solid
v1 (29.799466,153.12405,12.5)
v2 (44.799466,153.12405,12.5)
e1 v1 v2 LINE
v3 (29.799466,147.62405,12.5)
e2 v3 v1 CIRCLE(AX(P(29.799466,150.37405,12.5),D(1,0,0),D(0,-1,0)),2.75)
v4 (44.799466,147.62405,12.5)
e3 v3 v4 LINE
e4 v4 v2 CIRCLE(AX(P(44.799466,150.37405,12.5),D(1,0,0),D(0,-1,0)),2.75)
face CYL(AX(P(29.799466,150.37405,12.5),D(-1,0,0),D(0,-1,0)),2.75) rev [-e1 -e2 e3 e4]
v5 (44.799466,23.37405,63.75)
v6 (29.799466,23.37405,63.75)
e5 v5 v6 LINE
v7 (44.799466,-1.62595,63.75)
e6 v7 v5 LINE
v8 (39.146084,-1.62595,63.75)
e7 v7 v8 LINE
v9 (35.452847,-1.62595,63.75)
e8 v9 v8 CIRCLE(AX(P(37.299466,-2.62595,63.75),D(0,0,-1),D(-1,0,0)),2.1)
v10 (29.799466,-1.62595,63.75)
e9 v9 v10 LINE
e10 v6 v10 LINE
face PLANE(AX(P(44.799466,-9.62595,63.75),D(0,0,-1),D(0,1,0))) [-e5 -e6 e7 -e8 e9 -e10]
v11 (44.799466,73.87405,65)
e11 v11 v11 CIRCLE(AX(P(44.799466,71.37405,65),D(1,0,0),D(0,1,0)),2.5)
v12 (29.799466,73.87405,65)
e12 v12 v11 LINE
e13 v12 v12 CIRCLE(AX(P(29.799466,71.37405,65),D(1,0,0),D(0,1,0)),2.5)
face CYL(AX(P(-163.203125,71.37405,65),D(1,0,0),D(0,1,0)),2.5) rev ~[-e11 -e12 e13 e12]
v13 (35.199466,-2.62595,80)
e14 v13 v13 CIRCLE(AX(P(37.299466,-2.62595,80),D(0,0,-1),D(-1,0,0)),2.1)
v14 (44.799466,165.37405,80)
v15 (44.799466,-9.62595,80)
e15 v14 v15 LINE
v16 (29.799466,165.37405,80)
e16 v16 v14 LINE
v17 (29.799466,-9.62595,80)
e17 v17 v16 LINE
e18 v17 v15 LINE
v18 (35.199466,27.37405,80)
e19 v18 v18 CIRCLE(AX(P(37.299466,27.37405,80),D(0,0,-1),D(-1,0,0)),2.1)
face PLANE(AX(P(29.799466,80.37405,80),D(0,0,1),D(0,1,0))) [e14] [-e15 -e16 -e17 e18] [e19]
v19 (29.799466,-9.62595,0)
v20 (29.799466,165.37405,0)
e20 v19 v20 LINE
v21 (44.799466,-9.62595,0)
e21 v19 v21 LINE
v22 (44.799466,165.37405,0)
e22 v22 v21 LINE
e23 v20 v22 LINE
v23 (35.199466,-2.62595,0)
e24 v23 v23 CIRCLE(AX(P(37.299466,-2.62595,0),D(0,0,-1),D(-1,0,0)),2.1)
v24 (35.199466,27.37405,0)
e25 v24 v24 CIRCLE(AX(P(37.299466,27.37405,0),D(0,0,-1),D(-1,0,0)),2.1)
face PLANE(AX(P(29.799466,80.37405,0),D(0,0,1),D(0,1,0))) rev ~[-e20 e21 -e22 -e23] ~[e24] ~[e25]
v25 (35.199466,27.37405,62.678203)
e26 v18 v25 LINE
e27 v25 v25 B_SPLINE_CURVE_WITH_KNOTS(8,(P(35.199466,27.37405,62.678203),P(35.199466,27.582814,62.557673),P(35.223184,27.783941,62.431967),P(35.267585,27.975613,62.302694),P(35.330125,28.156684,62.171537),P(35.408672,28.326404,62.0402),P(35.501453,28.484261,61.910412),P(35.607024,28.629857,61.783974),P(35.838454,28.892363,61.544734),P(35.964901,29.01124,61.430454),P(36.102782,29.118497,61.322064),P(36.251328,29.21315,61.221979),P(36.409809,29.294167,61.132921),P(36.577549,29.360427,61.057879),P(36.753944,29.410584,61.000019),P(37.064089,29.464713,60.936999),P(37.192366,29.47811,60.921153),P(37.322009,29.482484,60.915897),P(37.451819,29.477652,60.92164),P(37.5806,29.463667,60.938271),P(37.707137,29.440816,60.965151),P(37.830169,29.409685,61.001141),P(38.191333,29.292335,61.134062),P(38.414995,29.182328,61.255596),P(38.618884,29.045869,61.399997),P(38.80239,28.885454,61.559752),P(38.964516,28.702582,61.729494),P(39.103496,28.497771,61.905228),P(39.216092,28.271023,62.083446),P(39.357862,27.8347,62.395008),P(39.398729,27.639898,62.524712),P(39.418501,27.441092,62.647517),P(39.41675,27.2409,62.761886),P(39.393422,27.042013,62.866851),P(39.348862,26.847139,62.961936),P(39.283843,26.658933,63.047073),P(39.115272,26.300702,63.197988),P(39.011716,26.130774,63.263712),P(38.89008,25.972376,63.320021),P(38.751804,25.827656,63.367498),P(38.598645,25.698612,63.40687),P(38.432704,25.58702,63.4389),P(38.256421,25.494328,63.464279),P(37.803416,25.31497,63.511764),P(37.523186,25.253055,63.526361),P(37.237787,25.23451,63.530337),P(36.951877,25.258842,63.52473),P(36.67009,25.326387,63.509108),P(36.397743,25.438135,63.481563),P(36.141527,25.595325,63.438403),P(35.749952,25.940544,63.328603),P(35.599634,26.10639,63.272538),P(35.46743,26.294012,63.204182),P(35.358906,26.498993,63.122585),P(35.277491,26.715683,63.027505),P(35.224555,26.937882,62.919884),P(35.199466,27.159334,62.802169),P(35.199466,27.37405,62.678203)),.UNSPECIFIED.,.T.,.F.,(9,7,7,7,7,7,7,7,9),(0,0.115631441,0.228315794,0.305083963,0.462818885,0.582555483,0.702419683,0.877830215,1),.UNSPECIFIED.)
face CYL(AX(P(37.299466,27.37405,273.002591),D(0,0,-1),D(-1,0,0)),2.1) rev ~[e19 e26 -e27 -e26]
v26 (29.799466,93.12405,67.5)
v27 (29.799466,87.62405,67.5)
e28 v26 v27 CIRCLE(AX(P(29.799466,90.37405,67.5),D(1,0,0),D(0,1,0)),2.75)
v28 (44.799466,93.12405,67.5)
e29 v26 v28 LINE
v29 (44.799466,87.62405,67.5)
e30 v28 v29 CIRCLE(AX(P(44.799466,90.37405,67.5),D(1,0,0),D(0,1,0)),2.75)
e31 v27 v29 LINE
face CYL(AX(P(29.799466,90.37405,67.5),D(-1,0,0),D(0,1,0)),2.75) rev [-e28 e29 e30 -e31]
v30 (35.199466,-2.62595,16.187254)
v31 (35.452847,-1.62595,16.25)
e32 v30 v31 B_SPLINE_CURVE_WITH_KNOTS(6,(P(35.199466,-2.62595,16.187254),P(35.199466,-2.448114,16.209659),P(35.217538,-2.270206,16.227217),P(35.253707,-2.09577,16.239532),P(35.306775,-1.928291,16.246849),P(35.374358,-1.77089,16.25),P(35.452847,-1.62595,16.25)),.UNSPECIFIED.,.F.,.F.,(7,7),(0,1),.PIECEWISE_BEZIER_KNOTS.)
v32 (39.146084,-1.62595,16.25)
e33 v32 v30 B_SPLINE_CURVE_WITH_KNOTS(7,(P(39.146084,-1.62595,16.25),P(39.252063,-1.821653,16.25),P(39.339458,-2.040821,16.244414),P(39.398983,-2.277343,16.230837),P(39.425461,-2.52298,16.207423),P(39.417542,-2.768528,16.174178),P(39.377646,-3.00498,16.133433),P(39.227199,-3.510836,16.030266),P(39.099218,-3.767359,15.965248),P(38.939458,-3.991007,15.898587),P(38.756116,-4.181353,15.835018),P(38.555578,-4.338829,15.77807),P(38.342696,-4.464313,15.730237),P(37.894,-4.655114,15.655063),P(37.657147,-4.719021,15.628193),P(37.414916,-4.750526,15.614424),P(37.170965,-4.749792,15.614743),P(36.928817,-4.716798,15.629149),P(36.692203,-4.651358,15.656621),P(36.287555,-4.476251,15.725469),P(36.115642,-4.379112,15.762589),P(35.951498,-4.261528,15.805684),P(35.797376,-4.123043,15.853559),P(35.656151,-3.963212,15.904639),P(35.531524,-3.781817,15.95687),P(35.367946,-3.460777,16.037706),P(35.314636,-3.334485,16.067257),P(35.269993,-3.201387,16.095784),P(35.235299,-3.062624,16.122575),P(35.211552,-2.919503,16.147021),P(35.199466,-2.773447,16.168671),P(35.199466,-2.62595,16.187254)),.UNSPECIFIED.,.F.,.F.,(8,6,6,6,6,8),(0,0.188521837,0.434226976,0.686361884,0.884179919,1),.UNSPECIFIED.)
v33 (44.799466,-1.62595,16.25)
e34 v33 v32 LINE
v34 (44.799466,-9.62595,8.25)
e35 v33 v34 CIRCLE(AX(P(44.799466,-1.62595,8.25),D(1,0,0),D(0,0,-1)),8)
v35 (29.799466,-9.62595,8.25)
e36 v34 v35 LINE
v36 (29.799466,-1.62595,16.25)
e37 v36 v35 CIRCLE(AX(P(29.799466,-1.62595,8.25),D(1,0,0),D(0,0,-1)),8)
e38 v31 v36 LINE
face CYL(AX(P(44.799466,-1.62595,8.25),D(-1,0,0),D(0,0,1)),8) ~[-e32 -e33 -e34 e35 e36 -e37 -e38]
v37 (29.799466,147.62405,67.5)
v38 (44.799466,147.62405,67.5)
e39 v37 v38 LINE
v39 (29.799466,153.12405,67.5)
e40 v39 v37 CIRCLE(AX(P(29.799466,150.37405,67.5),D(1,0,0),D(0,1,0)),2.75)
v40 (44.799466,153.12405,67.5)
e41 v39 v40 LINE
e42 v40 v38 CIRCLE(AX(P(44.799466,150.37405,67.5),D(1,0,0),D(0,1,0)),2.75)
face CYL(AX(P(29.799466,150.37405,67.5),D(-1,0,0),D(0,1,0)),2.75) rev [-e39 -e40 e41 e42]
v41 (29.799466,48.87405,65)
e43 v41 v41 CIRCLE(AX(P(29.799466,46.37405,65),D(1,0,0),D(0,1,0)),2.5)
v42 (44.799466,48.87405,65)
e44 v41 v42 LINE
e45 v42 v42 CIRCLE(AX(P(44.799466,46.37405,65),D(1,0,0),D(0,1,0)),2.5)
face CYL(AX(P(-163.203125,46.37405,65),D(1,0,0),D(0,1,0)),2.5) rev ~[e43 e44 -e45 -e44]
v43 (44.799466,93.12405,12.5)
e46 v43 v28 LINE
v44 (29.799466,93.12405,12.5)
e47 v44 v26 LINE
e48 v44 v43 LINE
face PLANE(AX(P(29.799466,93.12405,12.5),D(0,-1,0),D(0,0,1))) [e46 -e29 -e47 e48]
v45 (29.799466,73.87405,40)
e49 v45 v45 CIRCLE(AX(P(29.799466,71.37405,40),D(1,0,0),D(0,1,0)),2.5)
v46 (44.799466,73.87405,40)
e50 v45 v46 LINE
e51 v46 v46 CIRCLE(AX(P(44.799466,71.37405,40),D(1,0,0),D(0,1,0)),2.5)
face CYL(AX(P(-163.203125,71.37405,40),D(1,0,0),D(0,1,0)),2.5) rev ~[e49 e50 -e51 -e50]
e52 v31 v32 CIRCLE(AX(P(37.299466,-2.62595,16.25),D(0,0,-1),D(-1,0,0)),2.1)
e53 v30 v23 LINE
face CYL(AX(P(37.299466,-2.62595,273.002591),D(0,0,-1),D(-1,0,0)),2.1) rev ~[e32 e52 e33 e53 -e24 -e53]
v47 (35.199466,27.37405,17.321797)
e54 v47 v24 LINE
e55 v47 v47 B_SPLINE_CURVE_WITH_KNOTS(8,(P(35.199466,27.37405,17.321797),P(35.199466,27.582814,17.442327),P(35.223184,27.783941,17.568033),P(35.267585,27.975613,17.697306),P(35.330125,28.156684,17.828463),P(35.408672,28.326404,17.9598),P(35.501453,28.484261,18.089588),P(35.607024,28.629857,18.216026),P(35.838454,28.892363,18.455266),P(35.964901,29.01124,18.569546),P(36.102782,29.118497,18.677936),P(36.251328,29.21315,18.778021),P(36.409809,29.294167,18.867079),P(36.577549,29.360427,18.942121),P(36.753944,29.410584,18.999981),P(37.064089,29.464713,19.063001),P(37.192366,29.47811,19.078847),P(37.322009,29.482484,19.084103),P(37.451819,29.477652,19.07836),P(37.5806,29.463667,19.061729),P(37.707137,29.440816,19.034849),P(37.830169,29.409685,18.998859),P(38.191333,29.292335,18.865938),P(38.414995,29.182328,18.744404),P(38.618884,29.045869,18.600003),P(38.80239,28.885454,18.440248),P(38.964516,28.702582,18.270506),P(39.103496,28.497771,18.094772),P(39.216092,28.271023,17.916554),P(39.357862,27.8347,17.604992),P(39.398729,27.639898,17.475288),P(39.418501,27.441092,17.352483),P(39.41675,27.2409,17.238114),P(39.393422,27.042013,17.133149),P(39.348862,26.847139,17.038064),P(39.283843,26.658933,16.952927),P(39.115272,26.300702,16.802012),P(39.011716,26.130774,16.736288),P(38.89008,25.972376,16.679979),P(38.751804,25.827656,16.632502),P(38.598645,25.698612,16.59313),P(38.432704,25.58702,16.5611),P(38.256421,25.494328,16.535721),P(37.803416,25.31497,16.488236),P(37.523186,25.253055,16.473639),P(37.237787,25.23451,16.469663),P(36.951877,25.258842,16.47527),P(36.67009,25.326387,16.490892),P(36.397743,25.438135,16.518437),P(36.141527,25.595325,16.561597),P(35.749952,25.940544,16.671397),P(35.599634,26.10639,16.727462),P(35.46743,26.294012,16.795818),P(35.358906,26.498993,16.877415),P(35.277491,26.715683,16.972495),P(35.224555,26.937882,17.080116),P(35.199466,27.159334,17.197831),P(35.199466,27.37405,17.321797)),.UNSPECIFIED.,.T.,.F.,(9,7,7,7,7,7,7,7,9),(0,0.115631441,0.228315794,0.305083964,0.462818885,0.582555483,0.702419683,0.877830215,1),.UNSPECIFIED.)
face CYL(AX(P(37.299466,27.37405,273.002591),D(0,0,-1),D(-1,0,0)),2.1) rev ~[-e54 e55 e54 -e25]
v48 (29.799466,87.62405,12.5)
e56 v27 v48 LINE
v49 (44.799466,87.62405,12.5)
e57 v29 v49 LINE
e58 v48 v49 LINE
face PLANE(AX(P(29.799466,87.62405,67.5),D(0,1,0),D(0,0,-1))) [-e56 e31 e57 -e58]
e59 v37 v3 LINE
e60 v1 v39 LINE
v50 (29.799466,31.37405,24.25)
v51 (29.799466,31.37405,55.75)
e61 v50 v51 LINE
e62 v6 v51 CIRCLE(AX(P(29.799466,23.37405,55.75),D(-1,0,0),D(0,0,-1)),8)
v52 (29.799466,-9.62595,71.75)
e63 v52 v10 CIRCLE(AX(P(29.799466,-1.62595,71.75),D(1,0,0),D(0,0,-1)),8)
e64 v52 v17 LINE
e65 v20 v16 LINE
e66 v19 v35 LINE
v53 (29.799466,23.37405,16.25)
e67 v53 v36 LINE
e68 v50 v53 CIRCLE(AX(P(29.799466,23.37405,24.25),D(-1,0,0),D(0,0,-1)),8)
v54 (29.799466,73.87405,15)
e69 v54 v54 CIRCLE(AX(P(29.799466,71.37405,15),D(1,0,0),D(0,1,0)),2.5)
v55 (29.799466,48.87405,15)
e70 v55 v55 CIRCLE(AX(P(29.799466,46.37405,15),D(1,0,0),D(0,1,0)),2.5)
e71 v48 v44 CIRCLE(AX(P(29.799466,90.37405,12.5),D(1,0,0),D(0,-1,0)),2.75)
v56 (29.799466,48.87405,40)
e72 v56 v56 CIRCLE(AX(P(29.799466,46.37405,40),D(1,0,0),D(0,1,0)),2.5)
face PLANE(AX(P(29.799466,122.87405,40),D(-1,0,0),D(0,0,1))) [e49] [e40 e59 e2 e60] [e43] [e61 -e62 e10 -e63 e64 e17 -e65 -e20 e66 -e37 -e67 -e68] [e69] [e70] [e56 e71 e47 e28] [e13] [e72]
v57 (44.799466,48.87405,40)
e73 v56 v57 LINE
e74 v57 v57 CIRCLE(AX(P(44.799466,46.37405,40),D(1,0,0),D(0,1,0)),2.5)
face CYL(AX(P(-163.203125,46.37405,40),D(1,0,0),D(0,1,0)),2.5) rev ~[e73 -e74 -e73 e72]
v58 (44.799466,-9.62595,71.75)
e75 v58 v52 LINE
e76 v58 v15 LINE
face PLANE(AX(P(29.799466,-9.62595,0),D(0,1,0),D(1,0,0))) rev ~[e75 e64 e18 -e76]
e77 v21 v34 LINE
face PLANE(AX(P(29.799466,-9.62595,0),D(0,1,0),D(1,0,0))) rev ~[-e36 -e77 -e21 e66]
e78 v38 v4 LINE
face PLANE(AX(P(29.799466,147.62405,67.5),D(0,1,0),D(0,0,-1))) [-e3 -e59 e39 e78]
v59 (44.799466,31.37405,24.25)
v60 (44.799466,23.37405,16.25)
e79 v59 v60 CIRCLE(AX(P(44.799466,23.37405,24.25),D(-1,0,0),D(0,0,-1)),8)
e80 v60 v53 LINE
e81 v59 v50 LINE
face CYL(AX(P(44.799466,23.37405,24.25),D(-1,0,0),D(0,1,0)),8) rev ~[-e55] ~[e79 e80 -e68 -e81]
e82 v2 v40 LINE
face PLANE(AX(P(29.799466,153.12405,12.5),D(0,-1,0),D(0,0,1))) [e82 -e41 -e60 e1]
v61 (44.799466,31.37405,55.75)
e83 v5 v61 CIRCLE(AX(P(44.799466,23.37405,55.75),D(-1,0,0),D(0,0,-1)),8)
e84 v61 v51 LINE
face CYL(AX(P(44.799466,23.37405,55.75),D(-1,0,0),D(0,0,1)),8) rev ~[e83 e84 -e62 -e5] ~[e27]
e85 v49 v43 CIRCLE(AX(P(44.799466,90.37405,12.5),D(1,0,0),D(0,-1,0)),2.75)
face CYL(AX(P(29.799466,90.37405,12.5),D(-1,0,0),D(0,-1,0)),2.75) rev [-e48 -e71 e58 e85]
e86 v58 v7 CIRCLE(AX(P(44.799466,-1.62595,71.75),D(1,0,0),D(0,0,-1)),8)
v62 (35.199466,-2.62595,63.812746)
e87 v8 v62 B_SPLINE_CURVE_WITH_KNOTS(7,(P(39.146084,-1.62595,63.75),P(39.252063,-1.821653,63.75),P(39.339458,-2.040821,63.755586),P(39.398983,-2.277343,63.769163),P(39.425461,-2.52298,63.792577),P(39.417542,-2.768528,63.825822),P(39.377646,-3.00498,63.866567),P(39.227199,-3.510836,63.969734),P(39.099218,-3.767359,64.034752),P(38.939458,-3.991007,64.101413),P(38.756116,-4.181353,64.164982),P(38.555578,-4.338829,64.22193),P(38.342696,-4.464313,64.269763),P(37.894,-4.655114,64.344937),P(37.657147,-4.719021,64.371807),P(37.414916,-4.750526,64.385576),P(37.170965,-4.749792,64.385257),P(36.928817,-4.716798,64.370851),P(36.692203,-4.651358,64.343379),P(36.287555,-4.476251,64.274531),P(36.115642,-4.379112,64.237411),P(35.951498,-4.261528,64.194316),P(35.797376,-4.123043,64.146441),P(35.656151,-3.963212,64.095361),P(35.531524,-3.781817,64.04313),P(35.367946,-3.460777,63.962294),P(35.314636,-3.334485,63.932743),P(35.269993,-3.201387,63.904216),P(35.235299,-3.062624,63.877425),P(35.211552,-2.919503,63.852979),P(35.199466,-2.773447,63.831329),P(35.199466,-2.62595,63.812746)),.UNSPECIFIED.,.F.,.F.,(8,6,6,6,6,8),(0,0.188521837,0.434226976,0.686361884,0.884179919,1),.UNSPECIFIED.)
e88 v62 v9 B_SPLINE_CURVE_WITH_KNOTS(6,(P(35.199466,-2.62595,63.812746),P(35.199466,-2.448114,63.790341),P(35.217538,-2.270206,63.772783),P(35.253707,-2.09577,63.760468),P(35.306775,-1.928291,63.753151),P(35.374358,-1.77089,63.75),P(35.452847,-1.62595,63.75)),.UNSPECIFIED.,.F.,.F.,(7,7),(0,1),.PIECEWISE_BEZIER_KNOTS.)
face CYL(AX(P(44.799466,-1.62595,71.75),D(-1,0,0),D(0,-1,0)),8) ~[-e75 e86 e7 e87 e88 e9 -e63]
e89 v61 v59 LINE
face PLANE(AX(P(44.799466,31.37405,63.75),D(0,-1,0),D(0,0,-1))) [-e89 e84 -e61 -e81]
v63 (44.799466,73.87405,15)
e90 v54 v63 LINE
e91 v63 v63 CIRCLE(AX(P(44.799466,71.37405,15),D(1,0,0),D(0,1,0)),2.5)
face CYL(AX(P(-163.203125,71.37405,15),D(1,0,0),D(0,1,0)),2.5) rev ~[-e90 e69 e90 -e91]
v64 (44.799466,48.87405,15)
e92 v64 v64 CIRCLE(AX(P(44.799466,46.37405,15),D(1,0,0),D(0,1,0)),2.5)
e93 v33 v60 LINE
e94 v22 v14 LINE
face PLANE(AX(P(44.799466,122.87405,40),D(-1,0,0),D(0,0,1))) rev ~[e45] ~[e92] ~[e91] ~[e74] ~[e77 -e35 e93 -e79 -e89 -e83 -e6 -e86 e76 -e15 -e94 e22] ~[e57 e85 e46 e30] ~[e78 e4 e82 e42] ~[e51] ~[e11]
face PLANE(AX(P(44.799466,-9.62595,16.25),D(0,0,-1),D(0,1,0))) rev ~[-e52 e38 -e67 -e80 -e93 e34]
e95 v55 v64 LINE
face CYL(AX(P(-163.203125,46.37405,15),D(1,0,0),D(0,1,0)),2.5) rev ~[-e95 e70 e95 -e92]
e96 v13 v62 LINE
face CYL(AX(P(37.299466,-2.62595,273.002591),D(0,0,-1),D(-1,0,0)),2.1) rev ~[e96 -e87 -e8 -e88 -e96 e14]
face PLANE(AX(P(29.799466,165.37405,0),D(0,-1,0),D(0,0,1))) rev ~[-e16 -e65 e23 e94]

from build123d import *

# Parameters (mm, degrees)
ESQUISSE1_W                   = 15
ESQUISSE1_H                   = 90
BOSS_EXTRU_1_DEPTH            = 80
ESQUISSE2_W                   = 47.5
ESQUISSE2_H                   = 41
ENL_V_MAT_EXTRU_1_DEPTH       = 115.38963181
CONG_1_R                      = 8
ESQUISSE3_W                   = 80
ESQUISSE3_H                   = 85
BOSS_EXTRU_2_DEPTH            = 15
TROU_TARAUD_M5X0_81_D         = 4.2
TROU_TARAUD_PROFOND_M6X1_01_D = 5
R_P_TITION_LIN_AIRE1_COUNT    = 2
R_P_TITION_LIN_AIRE1_PITCH    = 25


with BuildPart() as part:
    # Esquisse1 → Boss.-Extru.1 (new body)
    with BuildSketch(Plane.XY):
        with Locations((37.299465669, 35.374049703)):
            Rectangle(ESQUISSE1_W, ESQUISSE1_H)
    extrude(amount=BOSS_EXTRU_1_DEPTH)

    # Esquisse2 → Enlèv. mat.-Extru.1 (cut, through all)
    with BuildSketch(Plane(origin=(44.799465669, 0, 0), x_dir=(0, 0, -1), z_dir=(1, 0, 0))):
        with Locations((-40, 10.874049703)):
            Rectangle(ESQUISSE2_W, ESQUISSE2_H)
    extrude(amount=-ENL_V_MAT_EXTRU_1_DEPTH, mode=Mode.SUBTRACT)

    # Congé1
    cong_1_edges = [part.edges().sort_by_distance(p)[0] for p in [
        (37.299465669, -9.625950297, 63.75),
        (37.299465669, 31.374049703, 63.75),
        (37.299465669, 31.374049703, 16.25),
        (37.299465669, -9.625950297, 16.25),
    ]]
    fillet(cong_1_edges, radius=CONG_1_R)

    # Esquisse3 → Boss.-Extru.2 (add)
    with BuildSketch(Plane.ZY.offset(-29.799465669)):
        with Locations((40, 122.874049703)):
            Rectangle(ESQUISSE3_W, ESQUISSE3_H)
        with BuildLine():
            Line((12.5, 93.124049703), (67.5, 93.124049703))
            ThreePointArc((67.5, 93.124049703), (70.25, 90.374049703), (67.5, 87.624049703))
            Line((67.5, 87.624049703), (12.5, 87.624049703))
            ThreePointArc((12.5, 87.624049703), (9.75, 90.374049703), (12.5, 93.124049703))
        make_face(mode=Mode.SUBTRACT)
        with BuildLine():
            Line((12.5, 153.124049703), (67.5, 153.124049703))
            ThreePointArc((67.5, 153.124049703), (70.25, 150.374049703), (67.5, 147.624049703))
            Line((67.5, 147.624049703), (12.5, 147.624049703))
            ThreePointArc((12.5, 147.624049703), (9.75, 150.374049703), (12.5, 153.124049703))
        make_face(mode=Mode.SUBTRACT)
    extrude(amount=-BOSS_EXTRU_2_DEPTH)

    # Trou taraudé M5x0.81 (through all)
    with Locations(Plane(origin=(37.299465669, -2.625950297, 80), x_dir=(1, 0, 0), z_dir=(0, 0, 1))):
        with Locations((0, 0), (0, 30)):
            trou_taraud_m5x0_81 = Hole(TROU_TARAUD_M5X0_81_D / 2)

    # Symétrie1: Trou taraudé M5x0.81 across plane
    add(trou_taraud_m5x0_81.mirror(Plane.XY.offset(40)), mode=Mode.SUBTRACT)

    # Trou taraudé profond M6x1.01 (through all)
    with Locations(Plane(origin=(29.799465669, 46.374049703, 15), x_dir=(0, -1, 0), z_dir=(-1, 0, 0))):
        with Locations((0, 0), (0, 25), (0, 50)):
            trou_taraud_profond_m6x1_01 = Hole(TROU_TARAUD_PROFOND_M6X1_01_D / 2)

    # Répétition linéaire1: Trou taraudé profond M6x1.01 ×2
    with Locations(*[(0, i * R_P_TITION_LIN_AIRE1_PITCH, 0) for i in range(1, R_P_TITION_LIN_AIRE1_COUNT)]):
        add(trou_taraud_profond_m6x1_01, mode=Mode.SUBTRACT)


solid = part.part
